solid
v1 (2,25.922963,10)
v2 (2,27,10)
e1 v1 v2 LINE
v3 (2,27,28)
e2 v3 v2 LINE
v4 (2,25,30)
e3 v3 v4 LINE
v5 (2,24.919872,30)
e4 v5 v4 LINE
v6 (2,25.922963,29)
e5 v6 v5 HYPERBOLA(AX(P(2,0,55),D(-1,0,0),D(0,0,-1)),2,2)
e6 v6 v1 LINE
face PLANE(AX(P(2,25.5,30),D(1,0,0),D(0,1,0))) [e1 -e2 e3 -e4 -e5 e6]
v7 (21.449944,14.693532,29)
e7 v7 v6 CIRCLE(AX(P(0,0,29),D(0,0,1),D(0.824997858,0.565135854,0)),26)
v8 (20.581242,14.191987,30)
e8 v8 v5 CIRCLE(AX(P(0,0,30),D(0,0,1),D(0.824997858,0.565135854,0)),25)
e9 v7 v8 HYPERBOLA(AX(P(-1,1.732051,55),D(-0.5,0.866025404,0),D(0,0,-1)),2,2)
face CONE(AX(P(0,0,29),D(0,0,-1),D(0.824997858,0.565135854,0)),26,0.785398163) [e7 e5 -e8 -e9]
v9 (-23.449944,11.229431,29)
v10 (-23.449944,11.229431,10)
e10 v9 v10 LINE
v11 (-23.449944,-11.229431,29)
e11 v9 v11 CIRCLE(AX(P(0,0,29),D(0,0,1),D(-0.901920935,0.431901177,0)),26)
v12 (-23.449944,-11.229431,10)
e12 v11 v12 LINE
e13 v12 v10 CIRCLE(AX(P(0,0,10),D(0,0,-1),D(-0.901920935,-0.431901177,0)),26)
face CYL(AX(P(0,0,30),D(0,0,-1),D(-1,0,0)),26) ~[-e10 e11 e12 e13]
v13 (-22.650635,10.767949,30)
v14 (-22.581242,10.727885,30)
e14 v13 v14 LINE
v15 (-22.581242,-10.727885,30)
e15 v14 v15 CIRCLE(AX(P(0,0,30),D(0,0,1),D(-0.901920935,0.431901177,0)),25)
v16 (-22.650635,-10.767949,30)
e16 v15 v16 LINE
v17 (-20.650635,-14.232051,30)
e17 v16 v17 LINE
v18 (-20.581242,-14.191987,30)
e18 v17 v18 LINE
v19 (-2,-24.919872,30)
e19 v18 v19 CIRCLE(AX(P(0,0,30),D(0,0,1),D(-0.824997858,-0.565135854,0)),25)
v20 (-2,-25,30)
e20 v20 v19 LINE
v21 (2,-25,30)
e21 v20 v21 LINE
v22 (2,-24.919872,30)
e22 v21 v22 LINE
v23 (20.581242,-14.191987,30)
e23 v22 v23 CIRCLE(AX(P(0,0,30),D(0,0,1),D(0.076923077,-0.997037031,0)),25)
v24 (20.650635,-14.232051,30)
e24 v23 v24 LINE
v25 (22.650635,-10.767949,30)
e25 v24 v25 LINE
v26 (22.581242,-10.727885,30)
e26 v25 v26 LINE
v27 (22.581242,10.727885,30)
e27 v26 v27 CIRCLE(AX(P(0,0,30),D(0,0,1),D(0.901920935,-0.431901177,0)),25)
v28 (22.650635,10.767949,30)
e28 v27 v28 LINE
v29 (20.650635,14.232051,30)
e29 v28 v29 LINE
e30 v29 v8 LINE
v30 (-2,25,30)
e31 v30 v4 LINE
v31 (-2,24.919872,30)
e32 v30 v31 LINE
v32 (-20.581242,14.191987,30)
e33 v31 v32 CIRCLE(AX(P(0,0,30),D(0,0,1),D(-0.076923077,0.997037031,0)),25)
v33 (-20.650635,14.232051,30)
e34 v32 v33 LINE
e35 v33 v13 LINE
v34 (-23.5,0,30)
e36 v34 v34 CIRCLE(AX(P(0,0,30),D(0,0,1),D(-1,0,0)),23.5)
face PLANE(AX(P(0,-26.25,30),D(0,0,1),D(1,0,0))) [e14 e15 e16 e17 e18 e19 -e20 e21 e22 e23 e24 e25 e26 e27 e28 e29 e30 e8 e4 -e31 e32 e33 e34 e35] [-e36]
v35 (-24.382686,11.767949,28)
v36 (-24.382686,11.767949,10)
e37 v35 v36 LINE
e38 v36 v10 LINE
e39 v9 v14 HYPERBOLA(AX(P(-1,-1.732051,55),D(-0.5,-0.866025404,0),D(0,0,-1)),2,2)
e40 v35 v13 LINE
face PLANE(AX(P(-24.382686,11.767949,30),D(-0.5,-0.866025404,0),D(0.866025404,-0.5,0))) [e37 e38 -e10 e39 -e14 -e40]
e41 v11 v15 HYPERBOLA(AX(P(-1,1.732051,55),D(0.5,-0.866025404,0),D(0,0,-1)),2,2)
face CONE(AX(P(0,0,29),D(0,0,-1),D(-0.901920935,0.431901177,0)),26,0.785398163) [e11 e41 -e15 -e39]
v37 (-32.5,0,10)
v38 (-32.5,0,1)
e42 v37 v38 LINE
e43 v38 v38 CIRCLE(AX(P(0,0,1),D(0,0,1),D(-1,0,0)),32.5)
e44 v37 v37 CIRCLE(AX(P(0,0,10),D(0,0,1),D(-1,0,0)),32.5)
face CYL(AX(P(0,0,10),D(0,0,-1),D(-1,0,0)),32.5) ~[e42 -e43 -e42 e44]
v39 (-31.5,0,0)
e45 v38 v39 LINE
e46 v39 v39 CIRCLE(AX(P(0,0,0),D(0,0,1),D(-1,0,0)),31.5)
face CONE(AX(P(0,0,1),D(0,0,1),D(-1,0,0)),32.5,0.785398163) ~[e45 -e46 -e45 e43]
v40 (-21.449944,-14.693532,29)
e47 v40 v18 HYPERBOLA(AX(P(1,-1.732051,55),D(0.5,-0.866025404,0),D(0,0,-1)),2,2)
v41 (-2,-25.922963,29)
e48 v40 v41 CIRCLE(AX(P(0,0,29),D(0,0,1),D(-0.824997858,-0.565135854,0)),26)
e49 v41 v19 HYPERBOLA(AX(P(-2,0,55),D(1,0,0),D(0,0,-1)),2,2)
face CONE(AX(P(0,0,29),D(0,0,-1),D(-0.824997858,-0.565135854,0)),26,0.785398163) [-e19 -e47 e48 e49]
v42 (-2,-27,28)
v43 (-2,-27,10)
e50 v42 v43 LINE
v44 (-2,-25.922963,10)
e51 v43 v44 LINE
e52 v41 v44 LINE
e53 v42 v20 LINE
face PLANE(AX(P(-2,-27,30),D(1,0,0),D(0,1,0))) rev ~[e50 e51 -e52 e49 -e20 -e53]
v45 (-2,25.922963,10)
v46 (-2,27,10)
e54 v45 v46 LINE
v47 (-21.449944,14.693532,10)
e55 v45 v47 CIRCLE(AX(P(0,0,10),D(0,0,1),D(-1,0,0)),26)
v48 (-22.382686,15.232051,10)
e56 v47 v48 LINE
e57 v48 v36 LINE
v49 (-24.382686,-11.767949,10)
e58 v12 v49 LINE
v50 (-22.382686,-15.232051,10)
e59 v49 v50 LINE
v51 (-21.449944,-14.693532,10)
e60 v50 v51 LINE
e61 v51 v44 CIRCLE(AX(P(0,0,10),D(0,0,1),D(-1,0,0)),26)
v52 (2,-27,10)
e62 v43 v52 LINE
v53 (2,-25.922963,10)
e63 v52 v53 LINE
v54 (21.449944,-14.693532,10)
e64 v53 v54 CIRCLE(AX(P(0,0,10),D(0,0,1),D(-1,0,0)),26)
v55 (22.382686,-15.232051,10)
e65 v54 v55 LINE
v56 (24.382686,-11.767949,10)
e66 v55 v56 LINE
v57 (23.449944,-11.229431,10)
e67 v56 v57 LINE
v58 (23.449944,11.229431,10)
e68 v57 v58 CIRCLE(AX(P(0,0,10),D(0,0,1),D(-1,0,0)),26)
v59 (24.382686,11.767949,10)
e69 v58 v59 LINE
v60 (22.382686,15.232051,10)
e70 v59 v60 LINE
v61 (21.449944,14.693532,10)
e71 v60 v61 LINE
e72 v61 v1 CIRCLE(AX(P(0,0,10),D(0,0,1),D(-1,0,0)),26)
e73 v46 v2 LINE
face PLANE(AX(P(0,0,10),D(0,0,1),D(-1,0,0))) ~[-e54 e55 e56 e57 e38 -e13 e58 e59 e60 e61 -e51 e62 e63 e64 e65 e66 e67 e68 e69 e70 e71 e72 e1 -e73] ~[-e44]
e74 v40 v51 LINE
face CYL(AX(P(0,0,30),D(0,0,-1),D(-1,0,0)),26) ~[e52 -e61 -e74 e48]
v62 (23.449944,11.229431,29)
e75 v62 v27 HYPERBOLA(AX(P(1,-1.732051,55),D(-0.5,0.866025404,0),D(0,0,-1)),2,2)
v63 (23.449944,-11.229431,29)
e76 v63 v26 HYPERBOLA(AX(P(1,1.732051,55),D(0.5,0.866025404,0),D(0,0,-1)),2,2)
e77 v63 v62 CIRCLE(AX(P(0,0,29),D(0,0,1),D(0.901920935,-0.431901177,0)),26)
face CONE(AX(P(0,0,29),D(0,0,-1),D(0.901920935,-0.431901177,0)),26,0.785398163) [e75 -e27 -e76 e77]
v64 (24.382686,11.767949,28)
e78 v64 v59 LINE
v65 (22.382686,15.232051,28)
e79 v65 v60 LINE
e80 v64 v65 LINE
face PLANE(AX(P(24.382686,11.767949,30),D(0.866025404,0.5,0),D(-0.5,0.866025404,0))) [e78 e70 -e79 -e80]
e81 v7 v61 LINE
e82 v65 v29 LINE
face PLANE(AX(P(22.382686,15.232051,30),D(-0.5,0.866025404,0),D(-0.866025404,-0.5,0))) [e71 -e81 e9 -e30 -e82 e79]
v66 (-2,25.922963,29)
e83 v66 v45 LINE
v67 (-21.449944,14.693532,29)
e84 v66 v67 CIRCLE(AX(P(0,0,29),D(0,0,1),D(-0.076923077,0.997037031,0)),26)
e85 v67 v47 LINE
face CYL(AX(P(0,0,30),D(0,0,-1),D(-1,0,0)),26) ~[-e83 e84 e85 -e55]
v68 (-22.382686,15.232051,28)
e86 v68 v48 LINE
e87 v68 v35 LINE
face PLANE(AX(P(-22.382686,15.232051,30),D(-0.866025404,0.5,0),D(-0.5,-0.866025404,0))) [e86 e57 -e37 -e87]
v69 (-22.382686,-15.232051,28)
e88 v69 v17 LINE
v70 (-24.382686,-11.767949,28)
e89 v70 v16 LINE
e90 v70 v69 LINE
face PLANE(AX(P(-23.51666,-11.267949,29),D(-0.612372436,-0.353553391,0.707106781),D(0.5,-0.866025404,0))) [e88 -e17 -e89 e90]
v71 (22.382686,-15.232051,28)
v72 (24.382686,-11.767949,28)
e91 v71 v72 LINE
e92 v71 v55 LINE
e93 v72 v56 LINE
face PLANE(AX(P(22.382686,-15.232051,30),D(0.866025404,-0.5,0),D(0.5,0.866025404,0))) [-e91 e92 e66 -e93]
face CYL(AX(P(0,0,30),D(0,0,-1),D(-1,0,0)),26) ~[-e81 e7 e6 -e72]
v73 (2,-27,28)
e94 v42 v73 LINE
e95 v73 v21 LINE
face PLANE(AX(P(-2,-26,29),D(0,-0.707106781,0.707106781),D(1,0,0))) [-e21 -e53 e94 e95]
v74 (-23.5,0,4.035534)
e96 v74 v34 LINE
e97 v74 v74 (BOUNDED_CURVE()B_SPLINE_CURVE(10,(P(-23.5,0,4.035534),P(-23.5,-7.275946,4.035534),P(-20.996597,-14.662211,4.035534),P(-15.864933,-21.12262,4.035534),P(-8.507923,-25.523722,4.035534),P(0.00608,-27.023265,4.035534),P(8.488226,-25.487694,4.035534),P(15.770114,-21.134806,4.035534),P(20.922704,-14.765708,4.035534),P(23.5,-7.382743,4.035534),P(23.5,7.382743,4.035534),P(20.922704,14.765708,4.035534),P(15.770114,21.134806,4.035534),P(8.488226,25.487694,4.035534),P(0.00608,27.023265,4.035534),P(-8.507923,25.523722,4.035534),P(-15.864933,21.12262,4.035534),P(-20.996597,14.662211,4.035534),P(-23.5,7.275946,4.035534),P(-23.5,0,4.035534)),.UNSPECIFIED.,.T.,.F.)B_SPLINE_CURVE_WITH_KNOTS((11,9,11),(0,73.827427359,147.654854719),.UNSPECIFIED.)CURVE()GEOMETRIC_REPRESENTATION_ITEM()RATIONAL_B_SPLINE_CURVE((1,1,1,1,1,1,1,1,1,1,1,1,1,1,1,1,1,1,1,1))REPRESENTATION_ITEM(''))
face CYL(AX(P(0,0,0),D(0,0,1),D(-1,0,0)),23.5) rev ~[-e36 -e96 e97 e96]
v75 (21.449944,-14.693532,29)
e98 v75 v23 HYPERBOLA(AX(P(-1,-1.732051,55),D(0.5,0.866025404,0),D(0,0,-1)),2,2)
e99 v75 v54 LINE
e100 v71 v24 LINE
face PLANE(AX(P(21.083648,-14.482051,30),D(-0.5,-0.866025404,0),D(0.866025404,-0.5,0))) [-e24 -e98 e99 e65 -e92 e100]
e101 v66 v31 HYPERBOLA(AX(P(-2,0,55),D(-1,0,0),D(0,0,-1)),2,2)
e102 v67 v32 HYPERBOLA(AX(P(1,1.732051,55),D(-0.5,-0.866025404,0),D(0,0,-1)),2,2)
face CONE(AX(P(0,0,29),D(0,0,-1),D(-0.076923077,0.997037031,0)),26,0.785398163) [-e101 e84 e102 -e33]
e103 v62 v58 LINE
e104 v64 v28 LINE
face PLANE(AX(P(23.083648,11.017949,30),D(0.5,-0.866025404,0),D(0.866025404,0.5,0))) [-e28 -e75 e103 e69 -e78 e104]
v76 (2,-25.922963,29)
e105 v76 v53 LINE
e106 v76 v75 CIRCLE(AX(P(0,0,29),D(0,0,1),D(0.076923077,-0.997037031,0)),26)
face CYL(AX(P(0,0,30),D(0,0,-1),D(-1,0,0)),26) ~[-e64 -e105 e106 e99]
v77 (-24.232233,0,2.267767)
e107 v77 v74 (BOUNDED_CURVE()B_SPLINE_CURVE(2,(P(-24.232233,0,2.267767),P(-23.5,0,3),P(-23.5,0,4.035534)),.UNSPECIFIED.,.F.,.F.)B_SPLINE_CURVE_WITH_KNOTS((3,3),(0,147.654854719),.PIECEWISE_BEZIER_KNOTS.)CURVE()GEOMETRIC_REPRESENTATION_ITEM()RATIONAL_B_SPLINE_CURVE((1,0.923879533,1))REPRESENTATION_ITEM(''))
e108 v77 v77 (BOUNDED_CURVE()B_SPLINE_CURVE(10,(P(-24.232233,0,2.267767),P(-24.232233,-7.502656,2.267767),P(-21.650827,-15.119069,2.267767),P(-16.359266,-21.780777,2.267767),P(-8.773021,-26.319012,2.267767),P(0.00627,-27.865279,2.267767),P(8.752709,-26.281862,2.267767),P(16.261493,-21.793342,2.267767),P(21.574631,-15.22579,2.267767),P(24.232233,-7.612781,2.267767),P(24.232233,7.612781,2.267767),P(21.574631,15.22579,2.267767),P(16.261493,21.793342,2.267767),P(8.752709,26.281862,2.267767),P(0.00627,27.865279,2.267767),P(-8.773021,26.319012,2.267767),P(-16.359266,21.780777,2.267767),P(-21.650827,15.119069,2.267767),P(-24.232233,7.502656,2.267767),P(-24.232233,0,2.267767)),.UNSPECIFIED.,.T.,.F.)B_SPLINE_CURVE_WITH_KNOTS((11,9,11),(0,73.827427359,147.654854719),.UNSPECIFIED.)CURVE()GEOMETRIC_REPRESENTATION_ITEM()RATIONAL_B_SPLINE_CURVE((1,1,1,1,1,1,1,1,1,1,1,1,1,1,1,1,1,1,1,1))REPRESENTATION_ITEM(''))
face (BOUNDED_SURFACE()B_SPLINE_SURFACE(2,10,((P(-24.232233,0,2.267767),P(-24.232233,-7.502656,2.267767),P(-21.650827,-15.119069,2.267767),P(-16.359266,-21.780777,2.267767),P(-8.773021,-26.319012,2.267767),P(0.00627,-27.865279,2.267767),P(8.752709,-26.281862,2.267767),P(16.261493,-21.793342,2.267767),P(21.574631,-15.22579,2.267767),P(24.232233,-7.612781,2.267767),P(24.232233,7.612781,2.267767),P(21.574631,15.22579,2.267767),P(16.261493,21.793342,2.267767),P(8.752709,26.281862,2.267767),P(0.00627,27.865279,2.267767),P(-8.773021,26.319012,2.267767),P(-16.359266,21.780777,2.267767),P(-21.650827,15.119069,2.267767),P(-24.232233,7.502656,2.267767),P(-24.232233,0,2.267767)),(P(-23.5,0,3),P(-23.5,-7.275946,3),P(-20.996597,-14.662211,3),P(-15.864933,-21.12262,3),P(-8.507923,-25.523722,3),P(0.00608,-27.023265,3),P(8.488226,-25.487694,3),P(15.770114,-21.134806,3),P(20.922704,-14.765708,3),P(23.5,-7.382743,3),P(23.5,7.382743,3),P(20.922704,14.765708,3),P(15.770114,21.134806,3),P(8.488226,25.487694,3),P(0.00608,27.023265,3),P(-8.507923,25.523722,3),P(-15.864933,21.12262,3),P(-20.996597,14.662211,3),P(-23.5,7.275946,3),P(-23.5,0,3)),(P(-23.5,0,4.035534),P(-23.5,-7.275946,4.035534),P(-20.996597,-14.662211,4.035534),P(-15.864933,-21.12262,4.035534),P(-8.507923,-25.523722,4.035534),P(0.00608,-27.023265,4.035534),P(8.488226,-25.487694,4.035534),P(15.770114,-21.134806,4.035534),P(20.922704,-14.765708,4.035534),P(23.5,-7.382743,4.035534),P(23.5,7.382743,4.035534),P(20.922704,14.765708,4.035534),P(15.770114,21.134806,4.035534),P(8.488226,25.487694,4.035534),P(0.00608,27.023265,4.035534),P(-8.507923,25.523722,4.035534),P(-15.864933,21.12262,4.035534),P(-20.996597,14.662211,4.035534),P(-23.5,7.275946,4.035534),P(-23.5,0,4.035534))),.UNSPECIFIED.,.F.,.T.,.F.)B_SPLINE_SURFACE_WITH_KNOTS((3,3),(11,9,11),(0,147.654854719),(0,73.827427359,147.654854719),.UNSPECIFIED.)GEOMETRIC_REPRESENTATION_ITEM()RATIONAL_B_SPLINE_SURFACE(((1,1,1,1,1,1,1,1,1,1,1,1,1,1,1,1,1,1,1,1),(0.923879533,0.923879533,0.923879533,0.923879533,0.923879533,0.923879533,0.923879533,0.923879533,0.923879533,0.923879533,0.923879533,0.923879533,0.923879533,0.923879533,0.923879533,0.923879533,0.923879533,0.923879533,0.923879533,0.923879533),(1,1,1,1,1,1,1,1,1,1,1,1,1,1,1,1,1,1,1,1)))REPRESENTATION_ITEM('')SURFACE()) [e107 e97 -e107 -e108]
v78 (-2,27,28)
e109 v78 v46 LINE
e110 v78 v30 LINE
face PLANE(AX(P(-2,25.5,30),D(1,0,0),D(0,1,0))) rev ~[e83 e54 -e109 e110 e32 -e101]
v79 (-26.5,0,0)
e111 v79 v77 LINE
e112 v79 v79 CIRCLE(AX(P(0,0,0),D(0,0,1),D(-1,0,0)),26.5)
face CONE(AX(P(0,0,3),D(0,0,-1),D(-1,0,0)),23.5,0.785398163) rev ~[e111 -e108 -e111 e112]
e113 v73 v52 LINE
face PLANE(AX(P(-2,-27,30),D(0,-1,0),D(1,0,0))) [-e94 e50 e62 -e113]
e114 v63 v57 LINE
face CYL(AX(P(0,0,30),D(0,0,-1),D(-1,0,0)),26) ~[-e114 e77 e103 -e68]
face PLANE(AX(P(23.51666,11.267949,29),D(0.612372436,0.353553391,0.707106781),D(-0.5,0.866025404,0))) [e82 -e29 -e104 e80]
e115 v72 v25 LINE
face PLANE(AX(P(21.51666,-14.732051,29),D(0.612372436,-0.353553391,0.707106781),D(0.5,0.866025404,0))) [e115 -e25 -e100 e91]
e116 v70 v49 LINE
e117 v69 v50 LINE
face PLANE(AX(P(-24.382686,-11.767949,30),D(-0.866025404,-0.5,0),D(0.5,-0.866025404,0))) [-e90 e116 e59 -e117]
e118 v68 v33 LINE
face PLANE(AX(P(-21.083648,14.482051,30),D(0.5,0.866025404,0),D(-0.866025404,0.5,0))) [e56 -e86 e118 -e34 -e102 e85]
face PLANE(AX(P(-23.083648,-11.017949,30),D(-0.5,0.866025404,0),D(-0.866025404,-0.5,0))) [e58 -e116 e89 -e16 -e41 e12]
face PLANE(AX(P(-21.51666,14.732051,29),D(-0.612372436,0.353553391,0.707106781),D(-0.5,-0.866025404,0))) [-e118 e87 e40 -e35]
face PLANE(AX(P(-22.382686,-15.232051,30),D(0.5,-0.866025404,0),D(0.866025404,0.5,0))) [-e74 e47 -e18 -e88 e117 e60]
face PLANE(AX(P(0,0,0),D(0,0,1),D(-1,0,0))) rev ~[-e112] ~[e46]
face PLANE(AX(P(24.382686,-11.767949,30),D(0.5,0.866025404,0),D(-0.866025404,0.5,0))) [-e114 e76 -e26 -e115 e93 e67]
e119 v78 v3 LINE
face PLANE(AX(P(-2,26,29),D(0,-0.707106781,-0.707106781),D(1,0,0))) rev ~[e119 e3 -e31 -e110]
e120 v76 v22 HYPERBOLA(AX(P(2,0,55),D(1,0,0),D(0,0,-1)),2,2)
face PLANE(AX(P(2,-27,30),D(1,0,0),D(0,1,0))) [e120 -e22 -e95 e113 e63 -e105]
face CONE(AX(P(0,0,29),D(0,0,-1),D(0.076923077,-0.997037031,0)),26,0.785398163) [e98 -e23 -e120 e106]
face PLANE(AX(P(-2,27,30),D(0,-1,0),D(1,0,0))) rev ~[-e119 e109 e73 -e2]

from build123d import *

# Parameters (mm, degrees)
F2_SIZE  = 3
F3_R     = 2.5
F4_W     = 4
F4_H     = 1.5
F5_DEPTH = 20
F6_SIZE  = 1
F7_SIZE  = 2
F8_SIZE  = 1


with BuildPart() as f1:
    # F0 (on Front) → F1 (revolve)
    with BuildSketch(Plane.XZ):
        Polygon((-32.5, 0), (-23.5, 0), (-23.5, 30), (-26, 30), (-26, 10), (-32.5, 10), align=None)
    revolve(axis=Axis((0, 0, 27.1835356757), (0, 0, 1)))

    # F2
    f2_edges = [f1.edges().sort_by_distance(p)[0] for p in [
        (23.5, 0, 0),
    ]]
    chamfer(f2_edges, length=F2_SIZE)

    # F3
    f3_edges = [f1.edges().sort_by_distance(p)[0] for p in [
        (23.5, 0, 3),
    ]]
    fillet(f3_edges, radius=F3_R)

    # F4 (on face) → F5 (join, through all)
    with BuildSketch(Plane.XY.offset(30)):
        with Locations((0, -26.25)):
            Rectangle(F4_W, F4_H)
        Polygon((22.3826859022, -15.2320508076), (24.3826859022, -11.7679491924), (23.0836477965, -11.0179491924), (21.0836477965, -14.4820508076), align=None)
        Polygon((24.3826859022, 11.7679491924), (22.3826859022, 15.2320508076), (21.0836477965, 14.4820508076), (23.0836477965, 11.0179491924), align=None)
        with Locations((0, 26.25)):
            Rectangle(F4_W, F4_H)
        Polygon((-22.3826859022, 15.2320508076), (-24.3826859022, 11.7679491924), (-23.0836477965, 11.0179491924), (-21.0836477965, 14.4820508076), align=None)
        Polygon((-24.3826859022, -11.7679491924), (-22.3826859022, -15.2320508076), (-21.0836477965, -14.4820508076), (-23.0836477965, -11.0179491924), align=None)
    extrude(amount=-F5_DEPTH)

    # F6
    f6_edges = [f1.edges().sort_by_distance(p)[0] for p in [
        (-26, 0, 30),
        (-13, 22.51666, 30),
        (13, 22.51666, 30),
        (26, 0, 30),
        (13, -22.51666, 30),
        (-13, -22.51666, 30),
    ]]
    chamfer(f6_edges, length=F6_SIZE)

    # F7
    f7_edges = [f1.edges().sort_by_distance(p)[0] for p in [
        (23.382686, -13.5, 30),
        (23.382686, 13.5, 30),
        (0, 27, 30),
        (-23.382686, 13.5, 30),
        (-23.382686, -13.5, 30),
        (0, -27, 30),
    ]]
    chamfer(f7_edges, length=F7_SIZE)

    # F8
    f8_edges = [f1.edges().sort_by_distance(p)[0] for p in [
        (32.5, 0, 0),
    ]]
    chamfer(f8_edges, length=F8_SIZE)


solid = f1.part
